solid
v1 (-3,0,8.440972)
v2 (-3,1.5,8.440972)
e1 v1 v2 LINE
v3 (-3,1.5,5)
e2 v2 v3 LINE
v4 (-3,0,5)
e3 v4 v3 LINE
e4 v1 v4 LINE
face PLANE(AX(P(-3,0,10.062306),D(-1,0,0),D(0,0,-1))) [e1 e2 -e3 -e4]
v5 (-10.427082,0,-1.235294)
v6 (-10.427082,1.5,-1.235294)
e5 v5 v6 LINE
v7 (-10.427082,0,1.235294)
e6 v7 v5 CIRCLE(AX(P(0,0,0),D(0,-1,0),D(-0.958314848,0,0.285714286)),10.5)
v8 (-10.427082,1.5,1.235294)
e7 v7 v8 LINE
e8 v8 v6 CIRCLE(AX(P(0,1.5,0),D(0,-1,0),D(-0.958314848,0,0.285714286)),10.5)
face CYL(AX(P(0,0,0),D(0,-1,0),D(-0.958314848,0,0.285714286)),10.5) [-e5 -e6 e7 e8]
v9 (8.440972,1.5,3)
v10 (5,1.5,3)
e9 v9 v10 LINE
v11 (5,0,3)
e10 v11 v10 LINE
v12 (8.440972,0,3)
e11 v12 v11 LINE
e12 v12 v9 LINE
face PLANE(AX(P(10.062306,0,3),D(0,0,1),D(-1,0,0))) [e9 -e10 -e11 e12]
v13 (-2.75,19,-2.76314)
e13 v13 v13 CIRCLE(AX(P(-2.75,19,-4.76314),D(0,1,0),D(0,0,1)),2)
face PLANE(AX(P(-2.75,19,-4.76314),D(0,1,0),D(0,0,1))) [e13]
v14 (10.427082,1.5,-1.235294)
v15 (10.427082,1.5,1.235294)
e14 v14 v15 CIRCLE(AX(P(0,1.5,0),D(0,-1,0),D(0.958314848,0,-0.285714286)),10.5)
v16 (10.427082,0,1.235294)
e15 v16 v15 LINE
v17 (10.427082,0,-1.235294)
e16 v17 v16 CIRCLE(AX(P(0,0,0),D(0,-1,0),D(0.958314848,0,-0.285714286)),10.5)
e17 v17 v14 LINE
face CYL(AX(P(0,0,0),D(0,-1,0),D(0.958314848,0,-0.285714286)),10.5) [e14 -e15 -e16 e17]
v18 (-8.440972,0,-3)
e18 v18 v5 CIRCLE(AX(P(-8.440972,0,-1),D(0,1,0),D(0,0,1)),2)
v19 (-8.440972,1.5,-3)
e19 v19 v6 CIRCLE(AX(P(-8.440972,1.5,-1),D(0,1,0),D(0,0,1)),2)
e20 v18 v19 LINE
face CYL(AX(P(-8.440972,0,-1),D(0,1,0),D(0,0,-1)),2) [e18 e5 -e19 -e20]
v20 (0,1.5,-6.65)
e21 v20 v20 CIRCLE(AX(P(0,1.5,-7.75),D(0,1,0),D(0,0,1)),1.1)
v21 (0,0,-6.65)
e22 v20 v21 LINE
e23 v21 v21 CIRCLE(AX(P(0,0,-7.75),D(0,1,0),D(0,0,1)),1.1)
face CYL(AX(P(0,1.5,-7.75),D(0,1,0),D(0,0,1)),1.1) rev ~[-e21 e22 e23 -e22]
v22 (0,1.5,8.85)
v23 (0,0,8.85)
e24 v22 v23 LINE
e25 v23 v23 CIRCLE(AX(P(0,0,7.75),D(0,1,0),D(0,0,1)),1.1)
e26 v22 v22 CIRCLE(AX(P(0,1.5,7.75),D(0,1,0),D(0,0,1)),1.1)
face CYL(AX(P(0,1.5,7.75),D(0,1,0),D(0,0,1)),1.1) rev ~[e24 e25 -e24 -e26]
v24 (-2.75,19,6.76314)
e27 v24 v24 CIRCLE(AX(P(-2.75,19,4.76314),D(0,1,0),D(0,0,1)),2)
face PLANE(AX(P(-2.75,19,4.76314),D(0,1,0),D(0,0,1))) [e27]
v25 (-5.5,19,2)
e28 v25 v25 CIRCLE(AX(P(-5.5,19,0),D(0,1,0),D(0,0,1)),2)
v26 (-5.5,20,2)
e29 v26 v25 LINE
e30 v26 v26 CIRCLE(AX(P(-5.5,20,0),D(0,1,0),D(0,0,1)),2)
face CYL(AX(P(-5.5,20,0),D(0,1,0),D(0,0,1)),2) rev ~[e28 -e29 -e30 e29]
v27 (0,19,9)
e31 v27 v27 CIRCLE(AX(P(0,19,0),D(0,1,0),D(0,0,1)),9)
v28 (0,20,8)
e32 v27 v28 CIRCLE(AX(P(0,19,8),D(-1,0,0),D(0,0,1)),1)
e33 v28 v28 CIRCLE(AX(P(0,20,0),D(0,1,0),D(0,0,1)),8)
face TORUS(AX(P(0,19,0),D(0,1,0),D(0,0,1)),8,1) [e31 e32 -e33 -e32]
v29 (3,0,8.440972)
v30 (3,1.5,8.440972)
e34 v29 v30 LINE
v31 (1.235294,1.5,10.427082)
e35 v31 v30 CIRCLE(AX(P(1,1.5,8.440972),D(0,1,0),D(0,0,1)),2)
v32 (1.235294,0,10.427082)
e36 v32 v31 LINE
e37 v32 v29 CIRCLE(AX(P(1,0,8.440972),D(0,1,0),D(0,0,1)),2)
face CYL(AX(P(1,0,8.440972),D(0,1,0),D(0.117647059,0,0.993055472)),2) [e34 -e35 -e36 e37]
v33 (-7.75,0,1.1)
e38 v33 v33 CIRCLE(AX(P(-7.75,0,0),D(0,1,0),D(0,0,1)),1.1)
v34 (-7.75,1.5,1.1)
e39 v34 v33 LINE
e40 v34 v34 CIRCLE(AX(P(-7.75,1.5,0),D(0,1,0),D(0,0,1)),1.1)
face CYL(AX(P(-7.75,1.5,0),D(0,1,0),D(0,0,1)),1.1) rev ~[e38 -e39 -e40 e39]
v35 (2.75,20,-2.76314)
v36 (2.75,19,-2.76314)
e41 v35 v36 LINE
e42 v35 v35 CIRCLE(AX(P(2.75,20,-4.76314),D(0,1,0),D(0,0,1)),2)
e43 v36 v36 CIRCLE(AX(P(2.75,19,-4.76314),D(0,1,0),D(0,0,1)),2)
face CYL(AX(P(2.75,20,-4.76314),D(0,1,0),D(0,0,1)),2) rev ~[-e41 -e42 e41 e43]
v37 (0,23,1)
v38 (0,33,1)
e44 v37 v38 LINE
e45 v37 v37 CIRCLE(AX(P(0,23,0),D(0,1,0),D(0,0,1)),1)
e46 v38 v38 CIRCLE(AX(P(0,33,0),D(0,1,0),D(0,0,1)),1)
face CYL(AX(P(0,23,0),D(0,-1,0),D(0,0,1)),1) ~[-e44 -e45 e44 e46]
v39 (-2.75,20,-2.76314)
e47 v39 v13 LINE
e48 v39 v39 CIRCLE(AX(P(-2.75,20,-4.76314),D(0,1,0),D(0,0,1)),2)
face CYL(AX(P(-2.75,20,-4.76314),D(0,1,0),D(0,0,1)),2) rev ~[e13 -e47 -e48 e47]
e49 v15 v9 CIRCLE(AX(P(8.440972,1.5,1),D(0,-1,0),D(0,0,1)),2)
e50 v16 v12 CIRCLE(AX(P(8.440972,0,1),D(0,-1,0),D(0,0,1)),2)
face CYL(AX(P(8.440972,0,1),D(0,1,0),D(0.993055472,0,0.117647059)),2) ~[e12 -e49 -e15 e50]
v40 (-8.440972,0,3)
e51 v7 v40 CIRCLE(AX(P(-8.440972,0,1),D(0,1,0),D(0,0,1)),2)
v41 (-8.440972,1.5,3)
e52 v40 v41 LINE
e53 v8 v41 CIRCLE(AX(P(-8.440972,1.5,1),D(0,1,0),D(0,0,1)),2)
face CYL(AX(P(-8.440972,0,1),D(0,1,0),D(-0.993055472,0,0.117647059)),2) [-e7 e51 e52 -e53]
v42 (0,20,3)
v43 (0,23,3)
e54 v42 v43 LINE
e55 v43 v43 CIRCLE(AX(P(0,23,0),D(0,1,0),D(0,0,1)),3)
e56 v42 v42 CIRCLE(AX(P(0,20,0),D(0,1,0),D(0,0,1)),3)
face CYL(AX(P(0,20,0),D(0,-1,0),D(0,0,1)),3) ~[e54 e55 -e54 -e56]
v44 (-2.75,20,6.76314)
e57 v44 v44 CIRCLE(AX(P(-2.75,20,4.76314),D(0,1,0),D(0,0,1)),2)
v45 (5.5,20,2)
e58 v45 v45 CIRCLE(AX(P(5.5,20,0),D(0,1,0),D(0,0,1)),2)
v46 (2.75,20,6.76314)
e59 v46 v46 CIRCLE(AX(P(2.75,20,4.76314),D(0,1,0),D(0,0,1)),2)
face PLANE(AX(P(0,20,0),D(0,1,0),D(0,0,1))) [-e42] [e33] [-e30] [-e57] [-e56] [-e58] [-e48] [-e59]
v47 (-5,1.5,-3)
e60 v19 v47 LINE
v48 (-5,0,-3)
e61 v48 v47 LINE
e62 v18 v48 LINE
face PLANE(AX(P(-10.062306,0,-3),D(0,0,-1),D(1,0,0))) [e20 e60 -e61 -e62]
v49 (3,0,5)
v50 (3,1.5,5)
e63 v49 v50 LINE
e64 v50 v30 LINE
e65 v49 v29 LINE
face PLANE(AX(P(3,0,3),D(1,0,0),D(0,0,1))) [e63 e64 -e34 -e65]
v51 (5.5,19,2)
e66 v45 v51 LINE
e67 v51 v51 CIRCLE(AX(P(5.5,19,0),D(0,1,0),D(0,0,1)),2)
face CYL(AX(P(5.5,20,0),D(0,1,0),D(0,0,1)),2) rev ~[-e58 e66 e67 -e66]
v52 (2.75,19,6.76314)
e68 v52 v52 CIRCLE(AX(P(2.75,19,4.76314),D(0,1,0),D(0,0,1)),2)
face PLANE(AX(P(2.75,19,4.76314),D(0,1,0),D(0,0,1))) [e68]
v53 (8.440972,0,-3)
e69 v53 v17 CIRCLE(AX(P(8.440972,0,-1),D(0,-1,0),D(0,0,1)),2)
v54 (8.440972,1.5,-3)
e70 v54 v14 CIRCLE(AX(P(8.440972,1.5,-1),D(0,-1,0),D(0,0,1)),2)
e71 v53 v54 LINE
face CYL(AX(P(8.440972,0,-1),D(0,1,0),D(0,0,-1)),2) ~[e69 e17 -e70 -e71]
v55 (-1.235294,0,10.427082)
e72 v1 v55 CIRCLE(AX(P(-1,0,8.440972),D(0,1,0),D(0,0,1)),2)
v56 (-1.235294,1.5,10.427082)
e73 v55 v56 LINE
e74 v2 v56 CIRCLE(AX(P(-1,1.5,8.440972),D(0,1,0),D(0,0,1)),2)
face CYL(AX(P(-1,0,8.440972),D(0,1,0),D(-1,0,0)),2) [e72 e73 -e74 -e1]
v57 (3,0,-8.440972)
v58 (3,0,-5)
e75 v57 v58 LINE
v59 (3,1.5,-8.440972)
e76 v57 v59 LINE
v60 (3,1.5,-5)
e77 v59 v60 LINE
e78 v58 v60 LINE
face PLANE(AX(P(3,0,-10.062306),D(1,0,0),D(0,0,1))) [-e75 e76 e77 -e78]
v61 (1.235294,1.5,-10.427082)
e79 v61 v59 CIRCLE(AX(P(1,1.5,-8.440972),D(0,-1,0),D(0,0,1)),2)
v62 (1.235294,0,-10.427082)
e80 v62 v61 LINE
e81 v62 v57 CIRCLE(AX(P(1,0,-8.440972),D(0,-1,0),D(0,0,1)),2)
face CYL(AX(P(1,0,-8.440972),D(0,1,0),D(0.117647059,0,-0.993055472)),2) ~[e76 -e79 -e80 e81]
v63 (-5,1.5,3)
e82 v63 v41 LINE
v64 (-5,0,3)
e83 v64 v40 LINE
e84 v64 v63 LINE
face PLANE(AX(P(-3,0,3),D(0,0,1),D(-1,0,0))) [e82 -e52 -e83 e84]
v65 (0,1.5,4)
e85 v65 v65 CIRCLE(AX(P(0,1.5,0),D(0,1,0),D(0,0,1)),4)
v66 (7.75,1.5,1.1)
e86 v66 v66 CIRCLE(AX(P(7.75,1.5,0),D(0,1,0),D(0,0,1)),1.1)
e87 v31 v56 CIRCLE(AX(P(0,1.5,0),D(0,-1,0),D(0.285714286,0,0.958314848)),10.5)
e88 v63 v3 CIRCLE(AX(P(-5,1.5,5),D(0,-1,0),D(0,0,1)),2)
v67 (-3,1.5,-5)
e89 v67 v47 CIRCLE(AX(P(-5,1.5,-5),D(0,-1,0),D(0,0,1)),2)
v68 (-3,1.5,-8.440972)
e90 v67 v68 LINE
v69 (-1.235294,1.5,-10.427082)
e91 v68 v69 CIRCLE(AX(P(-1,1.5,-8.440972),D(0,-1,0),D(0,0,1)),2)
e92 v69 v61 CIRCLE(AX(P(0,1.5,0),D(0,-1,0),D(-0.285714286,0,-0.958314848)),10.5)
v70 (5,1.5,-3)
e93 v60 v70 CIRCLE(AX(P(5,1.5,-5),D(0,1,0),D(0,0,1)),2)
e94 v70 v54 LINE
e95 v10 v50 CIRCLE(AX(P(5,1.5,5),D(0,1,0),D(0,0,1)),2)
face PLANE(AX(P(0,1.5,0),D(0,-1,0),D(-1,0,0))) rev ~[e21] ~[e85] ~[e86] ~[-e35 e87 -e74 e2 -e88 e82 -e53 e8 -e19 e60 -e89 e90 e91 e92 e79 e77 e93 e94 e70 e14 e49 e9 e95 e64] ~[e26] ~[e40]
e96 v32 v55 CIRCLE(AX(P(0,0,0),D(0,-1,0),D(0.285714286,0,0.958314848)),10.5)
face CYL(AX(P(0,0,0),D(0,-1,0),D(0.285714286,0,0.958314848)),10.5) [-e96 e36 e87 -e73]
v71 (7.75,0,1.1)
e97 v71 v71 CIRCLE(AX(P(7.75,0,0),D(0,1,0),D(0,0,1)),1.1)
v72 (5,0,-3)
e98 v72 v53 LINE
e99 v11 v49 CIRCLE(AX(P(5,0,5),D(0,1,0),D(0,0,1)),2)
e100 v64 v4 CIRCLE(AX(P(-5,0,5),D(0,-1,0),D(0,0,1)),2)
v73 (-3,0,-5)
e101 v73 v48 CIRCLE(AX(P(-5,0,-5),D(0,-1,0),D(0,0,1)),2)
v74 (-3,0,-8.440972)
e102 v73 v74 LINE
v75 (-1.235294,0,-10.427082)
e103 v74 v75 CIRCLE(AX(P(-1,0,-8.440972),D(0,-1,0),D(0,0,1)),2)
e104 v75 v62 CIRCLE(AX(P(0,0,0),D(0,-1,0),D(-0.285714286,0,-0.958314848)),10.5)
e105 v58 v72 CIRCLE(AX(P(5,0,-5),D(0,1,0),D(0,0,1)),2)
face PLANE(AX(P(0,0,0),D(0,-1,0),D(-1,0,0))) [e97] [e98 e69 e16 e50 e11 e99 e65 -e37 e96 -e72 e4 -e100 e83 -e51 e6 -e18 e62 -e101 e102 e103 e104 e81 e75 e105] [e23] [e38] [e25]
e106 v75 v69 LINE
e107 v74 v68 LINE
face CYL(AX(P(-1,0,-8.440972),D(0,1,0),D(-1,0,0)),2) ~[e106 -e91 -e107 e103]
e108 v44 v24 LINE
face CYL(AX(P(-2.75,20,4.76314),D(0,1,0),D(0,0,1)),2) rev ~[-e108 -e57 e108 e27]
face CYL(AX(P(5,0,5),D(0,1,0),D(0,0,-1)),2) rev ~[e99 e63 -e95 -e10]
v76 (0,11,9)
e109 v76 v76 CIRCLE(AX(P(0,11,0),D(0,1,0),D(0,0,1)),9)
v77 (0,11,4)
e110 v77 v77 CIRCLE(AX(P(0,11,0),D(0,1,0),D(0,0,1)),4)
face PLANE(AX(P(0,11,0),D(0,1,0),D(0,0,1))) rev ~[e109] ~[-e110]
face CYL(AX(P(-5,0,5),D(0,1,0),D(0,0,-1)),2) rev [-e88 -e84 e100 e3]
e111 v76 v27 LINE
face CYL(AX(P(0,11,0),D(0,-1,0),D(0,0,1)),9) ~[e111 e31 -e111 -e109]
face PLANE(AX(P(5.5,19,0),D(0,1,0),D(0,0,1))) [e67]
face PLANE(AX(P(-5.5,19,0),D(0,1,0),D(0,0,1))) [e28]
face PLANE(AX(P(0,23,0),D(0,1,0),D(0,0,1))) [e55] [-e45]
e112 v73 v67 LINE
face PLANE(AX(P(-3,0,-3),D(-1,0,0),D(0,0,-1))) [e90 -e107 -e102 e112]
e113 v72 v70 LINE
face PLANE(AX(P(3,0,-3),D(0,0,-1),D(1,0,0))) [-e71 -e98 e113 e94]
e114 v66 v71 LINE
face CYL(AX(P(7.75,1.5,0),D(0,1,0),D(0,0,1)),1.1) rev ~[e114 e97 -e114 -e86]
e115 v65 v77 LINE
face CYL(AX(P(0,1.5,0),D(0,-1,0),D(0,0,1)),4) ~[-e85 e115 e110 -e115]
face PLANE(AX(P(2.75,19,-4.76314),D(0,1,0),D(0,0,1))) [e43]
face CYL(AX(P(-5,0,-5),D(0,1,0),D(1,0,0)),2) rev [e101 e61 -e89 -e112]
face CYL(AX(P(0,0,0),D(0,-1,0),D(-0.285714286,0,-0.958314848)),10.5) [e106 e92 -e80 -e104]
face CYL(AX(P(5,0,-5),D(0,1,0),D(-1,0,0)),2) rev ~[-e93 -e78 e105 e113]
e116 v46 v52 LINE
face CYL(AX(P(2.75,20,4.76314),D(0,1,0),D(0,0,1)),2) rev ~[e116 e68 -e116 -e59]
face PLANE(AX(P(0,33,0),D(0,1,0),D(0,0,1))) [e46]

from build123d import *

# Parameters (mm, degrees)
RESSALTO_EXTRUS_O1_DEPTH = 1.5
CORTE_EXTRUS_O1_REACH    = 16.925
ESBO_O2_R                = 1.1
FILETE1_R                = 2
ESBO_O3_R                = 4
RESSALTO_EXTRUS_O2_DEPTH = 9.5
ESBO_O4_R                = 9
RESSALTO_EXTRUS_O3_DEPTH = 9
FILETE2_R                = 1
ESBO_O5_R                = 3
RESSALTO_EXTRUS_O4_DEPTH = 3
ESBO_O6_R                = 1
RESSALTO_EXTRUS_O5_DEPTH = 10
ESBO_O7_R                = 2
CORTE_EXTRUS_O2_DEPTH    = 1


with BuildPart() as part:
    # Esboço1 → Ressalto-extrusão1 (new body)
    with BuildSketch(Plane(origin=(0, 0, 0), x_dir=(1, 0, 0), z_dir=(0, 1, 0))):
        with BuildLine():
            Line((-3, 3), (-3, 10.062305899))
            ThreePointArc((-3, 10.062305899), (0, 10.5), (3, 10.062305899))
            Line((3, 10.062305899), (3, 3))
            Line((3, 3), (10.062305899, 3))
            ThreePointArc((10.062305899, 3), (10.5, 0), (10.062305899, -3))
            Line((10.062305899, -3), (3, -3))
            Line((3, -3), (3, -10.062305899))
            ThreePointArc((3, -10.062305899), (0, -10.5), (-3, -10.062305899))
            Line((-3, -10.062305899), (-3, -3))
            Line((-3, -3), (-10.062305899, -3))
            ThreePointArc((-10.062305899, -3), (-10.5, 0), (-10.062305899, 3))
            Line((-10.062305899, 3), (-3, 3))
        make_face()
    extrude(amount=RESSALTO_EXTRUS_O1_DEPTH)

    # Esboço2 → Corte-extrusão1 (cut, up to next)
    with BuildSketch(Plane(origin=(0, 1.5, 0), x_dir=(1, 0, 0), z_dir=(0, 1, 0)), mode=Mode.PRIVATE) as corte_extrus_o1_sk1:
        with Locations(Location((-7.75, 0, 0), (0, 0, 270))):
            Circle(ESBO_O2_R)
    corte_extrus_o1_tool1 = extrude(corte_extrus_o1_sk1.sketch, amount=-CORTE_EXTRUS_O1_REACH, mode=Mode.PRIVATE) & part.part
    # Esboço2 → Corte-extrusão1 (cut, up to next)
    with BuildSketch(Plane(origin=(0, 1.5, 0), x_dir=(1, 0, 0), z_dir=(0, 1, 0)), mode=Mode.PRIVATE) as corte_extrus_o1_sk2:
        with Locations(Location((0, 7.75, 0), (0, 0, 270))):
            Circle(ESBO_O2_R)
    corte_extrus_o1_tool2 = extrude(corte_extrus_o1_sk2.sketch, amount=-CORTE_EXTRUS_O1_REACH, mode=Mode.PRIVATE) & part.part
    # Esboço2 → Corte-extrusão1 (cut, up to next)
    with BuildSketch(Plane(origin=(0, 1.5, 0), x_dir=(1, 0, 0), z_dir=(0, 1, 0)), mode=Mode.PRIVATE) as corte_extrus_o1_sk3:
        with Locations(Location((7.75, 0, 0), (0, 0, 270))):
            Circle(ESBO_O2_R)
    corte_extrus_o1_tool3 = extrude(corte_extrus_o1_sk3.sketch, amount=-CORTE_EXTRUS_O1_REACH, mode=Mode.PRIVATE) & part.part
    # Esboço2 → Corte-extrusão1 (cut, up to next)
    with BuildSketch(Plane(origin=(0, 1.5, 0), x_dir=(1, 0, 0), z_dir=(0, 1, 0)), mode=Mode.PRIVATE) as corte_extrus_o1_sk4:
        with Locations(Location((0, -7.75, 0), (0, 0, 270))):
            Circle(ESBO_O2_R)
    corte_extrus_o1_tool4 = extrude(corte_extrus_o1_sk4.sketch, amount=-CORTE_EXTRUS_O1_REACH, mode=Mode.PRIVATE) & part.part
    add(corte_extrus_o1_tool1.solids().sort_by_distance((-7.75, 1.5, 0))[0], mode=Mode.SUBTRACT)
    add(corte_extrus_o1_tool2.solids().sort_by_distance((0, 1.5, -7.75))[0], mode=Mode.SUBTRACT)
    add(corte_extrus_o1_tool3.solids().sort_by_distance((7.75, 1.5, 0))[0], mode=Mode.SUBTRACT)
    add(corte_extrus_o1_tool4.solids().sort_by_distance((0, 1.5, 7.75))[0], mode=Mode.SUBTRACT)

    # Filete1
    filete1_edges = [part.edges().sort_by_distance(p)[0] for p in [
        (10.062305899, 0.75, 3),
        (3, 0.75, 3),
        (3, 0.75, 10.062305899),
        (-3, 0.75, 10.062305899),
        (-3, 0.75, 3),
        (-10.062305899, 0.75, 3),
        (-10.062305899, 0.75, -3),
        (-3, 0.75, -3),
        (-3, 0.75, -10.062305899),
        (3, 0.75, -10.062305899),
        (3, 0.75, -3),
        (10.062305899, 0.75, -3),
    ]]
    fillet(filete1_edges, radius=FILETE1_R)

    # Esboço3 → Ressalto-extrusão2 (add)
    with BuildSketch(Plane(origin=(0, 1.5, 0), x_dir=(1, 0, 0), z_dir=(0, 1, 0))):
        with Locations(Location((0, 0, 0), (0, 0, 270))):
            Circle(ESBO_O3_R)
    extrude(amount=RESSALTO_EXTRUS_O2_DEPTH)

    # Esboço4 → Ressalto-extrusão3 (add)
    with BuildSketch(Plane(origin=(0, 11, 0), x_dir=(1, 0, 0), z_dir=(0, 1, 0))):
        with Locations(Location((0, 0, 0), (0, 0, 270))):
            Circle(ESBO_O4_R)
    extrude(amount=RESSALTO_EXTRUS_O3_DEPTH)

    # Filete2
    filete2_edges = [part.edges().sort_by_distance(p)[0] for p in [
        (0, 20, -9),
    ]]
    fillet(filete2_edges, radius=FILETE2_R)

    # Esboço5 → Ressalto-extrusão4 (add)
    with BuildSketch(Plane(origin=(0, 20, 0), x_dir=(1, 0, 0), z_dir=(0, 1, 0))):
        with Locations(Location((0, 0, 0), (0, 0, 270))):
            Circle(ESBO_O5_R)
    extrude(amount=RESSALTO_EXTRUS_O4_DEPTH)

    # Esboço6 → Ressalto-extrusão5 (add)
    with BuildSketch(Plane(origin=(0, 23, 0), x_dir=(1, 0, 0), z_dir=(0, 1, 0))):
        with Locations(Location((0, 0, 0), (0, 0, 270))):
            Circle(ESBO_O6_R)
    extrude(amount=RESSALTO_EXTRUS_O5_DEPTH)

    # Esboço7 → Corte-extrusão2 (cut)
    with BuildSketch(Plane(origin=(0, 20, 0), x_dir=(1, 0, 0), z_dir=(0, 1, 0))):
        with Locations(Location((-5.5, 0, 0), (0, 0, 270))):
            Circle(ESBO_O7_R)
        with Locations(Location((-2.75, 4.763139721, 0), (0, 0, 270))):
            Circle(ESBO_O7_R)
        with Locations(Location((2.75, 4.763139721, 0), (0, 0, 270))):
            Circle(ESBO_O7_R)
        with Locations(Location((5.5, 0, 0), (0, 0, 270))):
            Circle(ESBO_O7_R)
        with Locations(Location((2.75, -4.763139721, 0), (0, 0, 270))):
            Circle(ESBO_O7_R)
        with Locations(Location((-2.75, -4.763139721, 0), (0, 0, 270))):
            Circle(ESBO_O7_R)
    extrude(amount=-CORTE_EXTRUS_O2_DEPTH, mode=Mode.SUBTRACT)


solid = part.part
